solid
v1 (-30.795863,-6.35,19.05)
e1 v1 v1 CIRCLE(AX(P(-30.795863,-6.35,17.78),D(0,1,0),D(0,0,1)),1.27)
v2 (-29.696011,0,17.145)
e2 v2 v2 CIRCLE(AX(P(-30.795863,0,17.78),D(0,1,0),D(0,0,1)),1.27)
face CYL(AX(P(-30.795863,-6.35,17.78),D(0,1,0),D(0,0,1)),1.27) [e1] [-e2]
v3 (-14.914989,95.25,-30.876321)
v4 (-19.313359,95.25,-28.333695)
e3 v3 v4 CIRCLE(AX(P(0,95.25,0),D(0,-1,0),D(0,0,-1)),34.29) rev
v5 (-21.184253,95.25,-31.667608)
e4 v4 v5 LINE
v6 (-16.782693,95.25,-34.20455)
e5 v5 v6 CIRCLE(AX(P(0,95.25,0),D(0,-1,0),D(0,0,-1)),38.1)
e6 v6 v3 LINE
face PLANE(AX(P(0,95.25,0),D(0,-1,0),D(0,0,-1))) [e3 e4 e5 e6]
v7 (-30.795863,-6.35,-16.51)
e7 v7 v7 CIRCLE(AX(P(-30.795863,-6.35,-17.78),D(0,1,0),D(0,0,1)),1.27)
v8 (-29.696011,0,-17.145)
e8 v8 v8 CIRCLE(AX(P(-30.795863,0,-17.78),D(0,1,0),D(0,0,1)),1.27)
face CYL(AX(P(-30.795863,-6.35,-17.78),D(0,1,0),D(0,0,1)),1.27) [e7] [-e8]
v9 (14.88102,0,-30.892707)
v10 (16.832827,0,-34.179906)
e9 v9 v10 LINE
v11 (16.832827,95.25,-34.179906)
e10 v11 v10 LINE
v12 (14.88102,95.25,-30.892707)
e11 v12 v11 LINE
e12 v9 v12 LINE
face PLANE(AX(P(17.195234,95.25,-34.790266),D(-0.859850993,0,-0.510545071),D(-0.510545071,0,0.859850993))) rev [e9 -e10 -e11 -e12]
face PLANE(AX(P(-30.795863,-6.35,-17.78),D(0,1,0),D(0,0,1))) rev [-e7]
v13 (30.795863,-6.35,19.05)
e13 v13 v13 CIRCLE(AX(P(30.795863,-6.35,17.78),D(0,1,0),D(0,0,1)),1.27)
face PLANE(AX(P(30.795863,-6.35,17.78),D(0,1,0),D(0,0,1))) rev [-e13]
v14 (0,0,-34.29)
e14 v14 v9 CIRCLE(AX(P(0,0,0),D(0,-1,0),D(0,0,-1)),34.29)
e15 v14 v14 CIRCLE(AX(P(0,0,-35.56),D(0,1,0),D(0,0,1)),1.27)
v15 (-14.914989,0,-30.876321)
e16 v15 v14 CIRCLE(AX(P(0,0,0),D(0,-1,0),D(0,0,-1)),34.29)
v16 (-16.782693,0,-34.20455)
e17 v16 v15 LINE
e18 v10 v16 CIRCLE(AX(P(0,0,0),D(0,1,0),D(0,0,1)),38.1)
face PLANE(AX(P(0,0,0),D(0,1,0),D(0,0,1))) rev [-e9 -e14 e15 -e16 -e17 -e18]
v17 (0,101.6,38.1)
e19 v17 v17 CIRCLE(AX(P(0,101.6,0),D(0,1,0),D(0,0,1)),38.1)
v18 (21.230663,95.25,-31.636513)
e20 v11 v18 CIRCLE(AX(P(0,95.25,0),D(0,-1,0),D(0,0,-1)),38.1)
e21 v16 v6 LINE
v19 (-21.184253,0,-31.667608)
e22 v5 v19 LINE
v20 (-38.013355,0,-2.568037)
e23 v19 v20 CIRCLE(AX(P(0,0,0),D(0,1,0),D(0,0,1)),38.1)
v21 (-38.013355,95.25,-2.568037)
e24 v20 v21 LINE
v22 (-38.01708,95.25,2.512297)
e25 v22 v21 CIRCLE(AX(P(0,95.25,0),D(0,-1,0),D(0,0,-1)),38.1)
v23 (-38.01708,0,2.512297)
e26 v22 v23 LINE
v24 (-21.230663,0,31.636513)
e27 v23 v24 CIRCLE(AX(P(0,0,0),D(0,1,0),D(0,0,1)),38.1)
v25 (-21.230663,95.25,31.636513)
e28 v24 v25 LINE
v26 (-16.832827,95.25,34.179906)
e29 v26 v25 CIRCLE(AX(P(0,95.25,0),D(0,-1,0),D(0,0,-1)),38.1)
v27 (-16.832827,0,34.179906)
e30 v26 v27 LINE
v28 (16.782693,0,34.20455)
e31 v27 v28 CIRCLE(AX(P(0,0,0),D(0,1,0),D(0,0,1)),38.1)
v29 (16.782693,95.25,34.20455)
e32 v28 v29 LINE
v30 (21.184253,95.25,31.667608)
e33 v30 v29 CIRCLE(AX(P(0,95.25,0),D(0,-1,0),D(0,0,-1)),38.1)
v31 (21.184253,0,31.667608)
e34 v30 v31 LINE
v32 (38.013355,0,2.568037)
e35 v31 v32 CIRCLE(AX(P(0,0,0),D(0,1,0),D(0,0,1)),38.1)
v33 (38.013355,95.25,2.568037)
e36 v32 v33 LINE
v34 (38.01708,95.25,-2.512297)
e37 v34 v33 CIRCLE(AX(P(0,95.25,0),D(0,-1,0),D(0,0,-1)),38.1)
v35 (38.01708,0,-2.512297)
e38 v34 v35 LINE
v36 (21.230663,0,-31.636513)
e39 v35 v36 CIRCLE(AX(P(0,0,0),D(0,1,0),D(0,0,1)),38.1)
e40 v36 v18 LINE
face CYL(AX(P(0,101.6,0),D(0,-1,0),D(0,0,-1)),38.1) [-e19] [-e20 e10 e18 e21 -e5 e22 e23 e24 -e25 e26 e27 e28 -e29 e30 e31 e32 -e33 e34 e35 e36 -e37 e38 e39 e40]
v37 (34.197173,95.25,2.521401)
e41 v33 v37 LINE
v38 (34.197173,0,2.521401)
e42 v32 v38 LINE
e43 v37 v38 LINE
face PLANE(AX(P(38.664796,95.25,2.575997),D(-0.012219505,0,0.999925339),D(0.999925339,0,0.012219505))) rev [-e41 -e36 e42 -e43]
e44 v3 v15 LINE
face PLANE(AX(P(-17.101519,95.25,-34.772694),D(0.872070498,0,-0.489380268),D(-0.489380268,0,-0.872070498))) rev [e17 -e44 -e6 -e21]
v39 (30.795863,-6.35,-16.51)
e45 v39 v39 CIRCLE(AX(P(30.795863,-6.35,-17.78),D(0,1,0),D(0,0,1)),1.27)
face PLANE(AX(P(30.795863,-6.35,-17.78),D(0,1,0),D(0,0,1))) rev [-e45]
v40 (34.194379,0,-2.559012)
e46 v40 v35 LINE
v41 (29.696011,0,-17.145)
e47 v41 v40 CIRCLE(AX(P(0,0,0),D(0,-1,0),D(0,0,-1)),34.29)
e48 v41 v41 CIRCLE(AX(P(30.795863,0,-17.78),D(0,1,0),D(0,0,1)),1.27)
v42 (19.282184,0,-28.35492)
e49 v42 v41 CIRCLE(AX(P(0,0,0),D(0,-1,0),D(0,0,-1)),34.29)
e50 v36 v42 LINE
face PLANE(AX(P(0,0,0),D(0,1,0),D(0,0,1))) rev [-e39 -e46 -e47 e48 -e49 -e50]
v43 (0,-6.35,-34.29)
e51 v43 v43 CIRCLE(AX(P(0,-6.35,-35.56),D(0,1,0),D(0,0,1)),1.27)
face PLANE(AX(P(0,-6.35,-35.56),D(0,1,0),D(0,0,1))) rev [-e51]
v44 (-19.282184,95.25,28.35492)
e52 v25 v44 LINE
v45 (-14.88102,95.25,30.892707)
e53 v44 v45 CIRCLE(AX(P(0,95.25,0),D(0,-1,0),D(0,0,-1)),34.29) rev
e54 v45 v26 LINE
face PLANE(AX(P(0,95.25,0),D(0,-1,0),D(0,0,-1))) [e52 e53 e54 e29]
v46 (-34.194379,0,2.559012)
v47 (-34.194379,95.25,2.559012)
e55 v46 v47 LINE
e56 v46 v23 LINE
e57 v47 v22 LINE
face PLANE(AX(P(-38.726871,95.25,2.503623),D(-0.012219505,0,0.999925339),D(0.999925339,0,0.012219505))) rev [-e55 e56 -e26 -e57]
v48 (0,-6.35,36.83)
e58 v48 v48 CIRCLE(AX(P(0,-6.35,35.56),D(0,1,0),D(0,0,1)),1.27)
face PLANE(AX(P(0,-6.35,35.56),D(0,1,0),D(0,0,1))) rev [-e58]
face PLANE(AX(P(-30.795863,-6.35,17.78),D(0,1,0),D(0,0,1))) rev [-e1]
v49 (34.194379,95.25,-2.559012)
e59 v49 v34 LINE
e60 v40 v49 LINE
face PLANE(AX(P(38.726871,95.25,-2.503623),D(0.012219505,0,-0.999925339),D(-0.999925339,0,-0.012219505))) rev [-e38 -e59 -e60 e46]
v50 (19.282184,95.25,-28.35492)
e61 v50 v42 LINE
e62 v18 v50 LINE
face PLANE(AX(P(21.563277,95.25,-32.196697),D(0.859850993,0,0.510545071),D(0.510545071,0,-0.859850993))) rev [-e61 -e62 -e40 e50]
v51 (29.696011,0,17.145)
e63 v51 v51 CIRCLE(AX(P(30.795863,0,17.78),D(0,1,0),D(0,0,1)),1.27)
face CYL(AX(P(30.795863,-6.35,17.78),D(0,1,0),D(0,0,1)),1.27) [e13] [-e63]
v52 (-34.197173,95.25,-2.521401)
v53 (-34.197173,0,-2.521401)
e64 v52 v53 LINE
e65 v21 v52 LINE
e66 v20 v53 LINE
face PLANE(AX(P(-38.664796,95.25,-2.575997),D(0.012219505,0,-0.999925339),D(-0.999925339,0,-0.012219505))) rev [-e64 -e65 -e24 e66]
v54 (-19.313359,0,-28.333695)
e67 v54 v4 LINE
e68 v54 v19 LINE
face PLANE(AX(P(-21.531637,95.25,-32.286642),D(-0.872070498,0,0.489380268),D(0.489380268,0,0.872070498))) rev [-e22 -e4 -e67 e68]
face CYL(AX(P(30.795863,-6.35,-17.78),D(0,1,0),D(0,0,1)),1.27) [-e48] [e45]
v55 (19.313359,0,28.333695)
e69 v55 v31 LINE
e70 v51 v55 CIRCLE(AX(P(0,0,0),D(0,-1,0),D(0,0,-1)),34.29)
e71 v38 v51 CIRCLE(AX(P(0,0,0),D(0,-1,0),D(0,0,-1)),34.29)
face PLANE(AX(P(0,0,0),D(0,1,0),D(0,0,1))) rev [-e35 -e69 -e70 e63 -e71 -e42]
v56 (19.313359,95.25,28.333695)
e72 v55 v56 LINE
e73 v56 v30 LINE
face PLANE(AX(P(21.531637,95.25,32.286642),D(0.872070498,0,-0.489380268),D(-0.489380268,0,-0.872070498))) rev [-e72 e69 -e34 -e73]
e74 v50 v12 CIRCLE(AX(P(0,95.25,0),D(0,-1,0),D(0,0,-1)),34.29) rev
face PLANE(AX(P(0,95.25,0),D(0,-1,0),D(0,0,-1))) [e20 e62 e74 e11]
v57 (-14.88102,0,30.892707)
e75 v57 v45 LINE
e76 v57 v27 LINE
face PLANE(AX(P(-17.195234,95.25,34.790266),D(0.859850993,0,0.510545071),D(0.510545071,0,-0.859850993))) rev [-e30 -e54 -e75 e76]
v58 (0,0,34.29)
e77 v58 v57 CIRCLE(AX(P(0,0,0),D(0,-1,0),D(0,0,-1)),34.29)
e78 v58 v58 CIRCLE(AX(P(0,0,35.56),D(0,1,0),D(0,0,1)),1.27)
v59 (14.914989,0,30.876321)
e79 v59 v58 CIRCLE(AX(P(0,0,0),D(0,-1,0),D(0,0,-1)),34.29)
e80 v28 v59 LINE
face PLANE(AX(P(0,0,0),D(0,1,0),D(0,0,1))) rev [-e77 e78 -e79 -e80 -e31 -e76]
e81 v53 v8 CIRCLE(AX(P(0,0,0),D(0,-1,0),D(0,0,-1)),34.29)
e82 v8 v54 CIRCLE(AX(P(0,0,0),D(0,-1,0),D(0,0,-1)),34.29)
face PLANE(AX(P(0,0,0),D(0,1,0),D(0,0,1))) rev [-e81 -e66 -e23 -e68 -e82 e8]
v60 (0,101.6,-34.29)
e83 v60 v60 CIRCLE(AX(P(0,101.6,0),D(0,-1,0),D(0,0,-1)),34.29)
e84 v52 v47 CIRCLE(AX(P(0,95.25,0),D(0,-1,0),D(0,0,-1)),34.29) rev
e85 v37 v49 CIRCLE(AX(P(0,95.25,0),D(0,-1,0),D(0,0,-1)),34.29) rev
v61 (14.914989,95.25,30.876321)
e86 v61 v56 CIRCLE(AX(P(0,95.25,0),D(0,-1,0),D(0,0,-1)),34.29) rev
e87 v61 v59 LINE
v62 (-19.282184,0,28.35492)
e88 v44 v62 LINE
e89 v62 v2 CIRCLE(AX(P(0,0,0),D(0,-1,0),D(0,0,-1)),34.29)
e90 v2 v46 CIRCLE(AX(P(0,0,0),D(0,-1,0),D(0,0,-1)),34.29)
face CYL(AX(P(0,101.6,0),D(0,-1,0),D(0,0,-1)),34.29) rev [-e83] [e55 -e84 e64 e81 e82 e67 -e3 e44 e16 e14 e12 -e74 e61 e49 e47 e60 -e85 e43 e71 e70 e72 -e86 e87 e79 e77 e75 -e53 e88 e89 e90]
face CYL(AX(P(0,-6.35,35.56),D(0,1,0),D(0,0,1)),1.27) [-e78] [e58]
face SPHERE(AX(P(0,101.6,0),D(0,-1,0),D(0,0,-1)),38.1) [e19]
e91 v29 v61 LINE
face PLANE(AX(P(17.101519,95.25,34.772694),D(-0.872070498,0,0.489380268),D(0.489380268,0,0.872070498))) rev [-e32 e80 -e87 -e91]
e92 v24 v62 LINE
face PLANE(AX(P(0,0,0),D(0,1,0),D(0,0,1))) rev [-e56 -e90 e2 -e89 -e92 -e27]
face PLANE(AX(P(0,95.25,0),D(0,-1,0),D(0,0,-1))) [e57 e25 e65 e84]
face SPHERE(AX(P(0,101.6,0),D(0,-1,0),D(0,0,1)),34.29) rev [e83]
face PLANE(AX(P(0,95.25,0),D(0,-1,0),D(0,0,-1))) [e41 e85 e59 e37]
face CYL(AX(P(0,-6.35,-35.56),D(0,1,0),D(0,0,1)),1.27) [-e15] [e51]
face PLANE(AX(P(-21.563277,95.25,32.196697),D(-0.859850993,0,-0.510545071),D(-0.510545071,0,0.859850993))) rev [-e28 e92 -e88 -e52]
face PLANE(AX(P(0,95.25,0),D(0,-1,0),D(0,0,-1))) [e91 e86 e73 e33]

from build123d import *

# Parameters (mm, degrees)
SKETCH1_R           = 38.1
BOSS_EXTRUDE1_DEPTH = 101.6
SKETCH3_R           = 34.29
CUT_EXTRUDE2_DEPTH  = 101.6
SKETCH4_R           = 1.27
BOSS_EXTRUDE2_DEPTH = 6.35
CUT_EXTRUDE5_DEPTH  = 95.25


with BuildPart() as part:
    # Sketch1 → Boss-Extrude1 (new body)
    with BuildSketch(Plane(origin=(0, 0, 0), x_dir=(1, 0, 0), z_dir=(0, 1, 0))):
        with Locations(Location((0, 0, 0), (0, 0, 270))):
            Circle(SKETCH1_R)
    extrude(amount=BOSS_EXTRUDE1_DEPTH)

    # Sketch2 → Revolve1 (revolve)
    with BuildSketch(Plane(origin=(0, 0, 0), x_dir=(0, 0, -1), z_dir=(1, 0, 0))):
        with BuildLine():
            Line((38.1, 101.6), (34.29, 101.6))
            ThreePointArc((34.29, 101.6), (24.246691527, 125.846691527), (0, 135.89))
            Line((0, 135.89), (0, 139.7))
            ThreePointArc((0, 139.7), (26.940768363, 128.540768363), (38.1, 101.6))
        make_face()
    revolve(axis=Axis((0, 0, 0), (0, 1, 0)))

    # Sketch3 → Cut-Extrude2 (cut)
    with BuildSketch(Plane.XZ):
        with Locations(Location((0, 0, 0), (0, 0, 270))):
            Circle(SKETCH3_R)
    extrude(amount=-CUT_EXTRUDE2_DEPTH, mode=Mode.SUBTRACT)

    # Sketch4 → Boss-Extrude2 (add)
    with BuildSketch(Plane(origin=(0, 0, 0), x_dir=(1, 0, 0), z_dir=(0, 1, 0))):
        with Locations(Location((0, -35.56, 0), (0, 0, 270))):
            Circle(SKETCH4_R)
        with Locations(Location((-30.795863359, -17.78, 0), (0, 0, 270))):
            Circle(SKETCH4_R)
        with Locations(Location((-30.795863359, 17.78, 0), (0, 0, 270))):
            Circle(SKETCH4_R)
        with Locations(Location((0, 35.56, 0), (0, 0, 270))):
            Circle(SKETCH4_R)
        with Locations(Location((30.795863359, 17.78, 0), (0, 0, 270))):
            Circle(SKETCH4_R)
        with Locations(Location((30.795863359, -17.78, 0), (0, 0, 270))):
            Circle(SKETCH4_R)
    extrude(amount=-BOSS_EXTRUDE2_DEPTH)

    # Sketch5 → Cut-Extrude5 (cut)
    with BuildSketch(Plane.XZ):
        Polygon((-21.563277102, 32.196696757), (-17.195234057, 34.790265717), (-14.171362758, 29.697515071), (-18.539405803, 27.103946111), align=None)
        Polygon((14.203002973, 29.607569452), (18.633121102, 27.12151769), (21.531636887, 32.286642376), (17.101518758, 34.772694138), align=None)
        Polygon((32.742408776, 2.503623341), (32.804483859, -2.575997381), (38.726870944, -2.503623341), (38.66479586, 2.575997381), align=None)
        Polygon((18.539405803, -27.103946111), (14.171362758, -29.697515071), (17.195234057, -34.790265717), (21.563277102, -32.196696757), align=None)
        Polygon((-14.203002973, -29.607569452), (-18.633121102, -27.12151769), (-21.531636887, -32.286642376), (-17.101518758, -34.772694138), align=None)
        Polygon((-32.742408776, -2.503623341), (-32.804483859, 2.575997381), (-38.726870944, 2.503623341), (-38.66479586, -2.575997381), align=None)
    extrude(amount=-CUT_EXTRUDE5_DEPTH, mode=Mode.SUBTRACT)


solid = part.part
